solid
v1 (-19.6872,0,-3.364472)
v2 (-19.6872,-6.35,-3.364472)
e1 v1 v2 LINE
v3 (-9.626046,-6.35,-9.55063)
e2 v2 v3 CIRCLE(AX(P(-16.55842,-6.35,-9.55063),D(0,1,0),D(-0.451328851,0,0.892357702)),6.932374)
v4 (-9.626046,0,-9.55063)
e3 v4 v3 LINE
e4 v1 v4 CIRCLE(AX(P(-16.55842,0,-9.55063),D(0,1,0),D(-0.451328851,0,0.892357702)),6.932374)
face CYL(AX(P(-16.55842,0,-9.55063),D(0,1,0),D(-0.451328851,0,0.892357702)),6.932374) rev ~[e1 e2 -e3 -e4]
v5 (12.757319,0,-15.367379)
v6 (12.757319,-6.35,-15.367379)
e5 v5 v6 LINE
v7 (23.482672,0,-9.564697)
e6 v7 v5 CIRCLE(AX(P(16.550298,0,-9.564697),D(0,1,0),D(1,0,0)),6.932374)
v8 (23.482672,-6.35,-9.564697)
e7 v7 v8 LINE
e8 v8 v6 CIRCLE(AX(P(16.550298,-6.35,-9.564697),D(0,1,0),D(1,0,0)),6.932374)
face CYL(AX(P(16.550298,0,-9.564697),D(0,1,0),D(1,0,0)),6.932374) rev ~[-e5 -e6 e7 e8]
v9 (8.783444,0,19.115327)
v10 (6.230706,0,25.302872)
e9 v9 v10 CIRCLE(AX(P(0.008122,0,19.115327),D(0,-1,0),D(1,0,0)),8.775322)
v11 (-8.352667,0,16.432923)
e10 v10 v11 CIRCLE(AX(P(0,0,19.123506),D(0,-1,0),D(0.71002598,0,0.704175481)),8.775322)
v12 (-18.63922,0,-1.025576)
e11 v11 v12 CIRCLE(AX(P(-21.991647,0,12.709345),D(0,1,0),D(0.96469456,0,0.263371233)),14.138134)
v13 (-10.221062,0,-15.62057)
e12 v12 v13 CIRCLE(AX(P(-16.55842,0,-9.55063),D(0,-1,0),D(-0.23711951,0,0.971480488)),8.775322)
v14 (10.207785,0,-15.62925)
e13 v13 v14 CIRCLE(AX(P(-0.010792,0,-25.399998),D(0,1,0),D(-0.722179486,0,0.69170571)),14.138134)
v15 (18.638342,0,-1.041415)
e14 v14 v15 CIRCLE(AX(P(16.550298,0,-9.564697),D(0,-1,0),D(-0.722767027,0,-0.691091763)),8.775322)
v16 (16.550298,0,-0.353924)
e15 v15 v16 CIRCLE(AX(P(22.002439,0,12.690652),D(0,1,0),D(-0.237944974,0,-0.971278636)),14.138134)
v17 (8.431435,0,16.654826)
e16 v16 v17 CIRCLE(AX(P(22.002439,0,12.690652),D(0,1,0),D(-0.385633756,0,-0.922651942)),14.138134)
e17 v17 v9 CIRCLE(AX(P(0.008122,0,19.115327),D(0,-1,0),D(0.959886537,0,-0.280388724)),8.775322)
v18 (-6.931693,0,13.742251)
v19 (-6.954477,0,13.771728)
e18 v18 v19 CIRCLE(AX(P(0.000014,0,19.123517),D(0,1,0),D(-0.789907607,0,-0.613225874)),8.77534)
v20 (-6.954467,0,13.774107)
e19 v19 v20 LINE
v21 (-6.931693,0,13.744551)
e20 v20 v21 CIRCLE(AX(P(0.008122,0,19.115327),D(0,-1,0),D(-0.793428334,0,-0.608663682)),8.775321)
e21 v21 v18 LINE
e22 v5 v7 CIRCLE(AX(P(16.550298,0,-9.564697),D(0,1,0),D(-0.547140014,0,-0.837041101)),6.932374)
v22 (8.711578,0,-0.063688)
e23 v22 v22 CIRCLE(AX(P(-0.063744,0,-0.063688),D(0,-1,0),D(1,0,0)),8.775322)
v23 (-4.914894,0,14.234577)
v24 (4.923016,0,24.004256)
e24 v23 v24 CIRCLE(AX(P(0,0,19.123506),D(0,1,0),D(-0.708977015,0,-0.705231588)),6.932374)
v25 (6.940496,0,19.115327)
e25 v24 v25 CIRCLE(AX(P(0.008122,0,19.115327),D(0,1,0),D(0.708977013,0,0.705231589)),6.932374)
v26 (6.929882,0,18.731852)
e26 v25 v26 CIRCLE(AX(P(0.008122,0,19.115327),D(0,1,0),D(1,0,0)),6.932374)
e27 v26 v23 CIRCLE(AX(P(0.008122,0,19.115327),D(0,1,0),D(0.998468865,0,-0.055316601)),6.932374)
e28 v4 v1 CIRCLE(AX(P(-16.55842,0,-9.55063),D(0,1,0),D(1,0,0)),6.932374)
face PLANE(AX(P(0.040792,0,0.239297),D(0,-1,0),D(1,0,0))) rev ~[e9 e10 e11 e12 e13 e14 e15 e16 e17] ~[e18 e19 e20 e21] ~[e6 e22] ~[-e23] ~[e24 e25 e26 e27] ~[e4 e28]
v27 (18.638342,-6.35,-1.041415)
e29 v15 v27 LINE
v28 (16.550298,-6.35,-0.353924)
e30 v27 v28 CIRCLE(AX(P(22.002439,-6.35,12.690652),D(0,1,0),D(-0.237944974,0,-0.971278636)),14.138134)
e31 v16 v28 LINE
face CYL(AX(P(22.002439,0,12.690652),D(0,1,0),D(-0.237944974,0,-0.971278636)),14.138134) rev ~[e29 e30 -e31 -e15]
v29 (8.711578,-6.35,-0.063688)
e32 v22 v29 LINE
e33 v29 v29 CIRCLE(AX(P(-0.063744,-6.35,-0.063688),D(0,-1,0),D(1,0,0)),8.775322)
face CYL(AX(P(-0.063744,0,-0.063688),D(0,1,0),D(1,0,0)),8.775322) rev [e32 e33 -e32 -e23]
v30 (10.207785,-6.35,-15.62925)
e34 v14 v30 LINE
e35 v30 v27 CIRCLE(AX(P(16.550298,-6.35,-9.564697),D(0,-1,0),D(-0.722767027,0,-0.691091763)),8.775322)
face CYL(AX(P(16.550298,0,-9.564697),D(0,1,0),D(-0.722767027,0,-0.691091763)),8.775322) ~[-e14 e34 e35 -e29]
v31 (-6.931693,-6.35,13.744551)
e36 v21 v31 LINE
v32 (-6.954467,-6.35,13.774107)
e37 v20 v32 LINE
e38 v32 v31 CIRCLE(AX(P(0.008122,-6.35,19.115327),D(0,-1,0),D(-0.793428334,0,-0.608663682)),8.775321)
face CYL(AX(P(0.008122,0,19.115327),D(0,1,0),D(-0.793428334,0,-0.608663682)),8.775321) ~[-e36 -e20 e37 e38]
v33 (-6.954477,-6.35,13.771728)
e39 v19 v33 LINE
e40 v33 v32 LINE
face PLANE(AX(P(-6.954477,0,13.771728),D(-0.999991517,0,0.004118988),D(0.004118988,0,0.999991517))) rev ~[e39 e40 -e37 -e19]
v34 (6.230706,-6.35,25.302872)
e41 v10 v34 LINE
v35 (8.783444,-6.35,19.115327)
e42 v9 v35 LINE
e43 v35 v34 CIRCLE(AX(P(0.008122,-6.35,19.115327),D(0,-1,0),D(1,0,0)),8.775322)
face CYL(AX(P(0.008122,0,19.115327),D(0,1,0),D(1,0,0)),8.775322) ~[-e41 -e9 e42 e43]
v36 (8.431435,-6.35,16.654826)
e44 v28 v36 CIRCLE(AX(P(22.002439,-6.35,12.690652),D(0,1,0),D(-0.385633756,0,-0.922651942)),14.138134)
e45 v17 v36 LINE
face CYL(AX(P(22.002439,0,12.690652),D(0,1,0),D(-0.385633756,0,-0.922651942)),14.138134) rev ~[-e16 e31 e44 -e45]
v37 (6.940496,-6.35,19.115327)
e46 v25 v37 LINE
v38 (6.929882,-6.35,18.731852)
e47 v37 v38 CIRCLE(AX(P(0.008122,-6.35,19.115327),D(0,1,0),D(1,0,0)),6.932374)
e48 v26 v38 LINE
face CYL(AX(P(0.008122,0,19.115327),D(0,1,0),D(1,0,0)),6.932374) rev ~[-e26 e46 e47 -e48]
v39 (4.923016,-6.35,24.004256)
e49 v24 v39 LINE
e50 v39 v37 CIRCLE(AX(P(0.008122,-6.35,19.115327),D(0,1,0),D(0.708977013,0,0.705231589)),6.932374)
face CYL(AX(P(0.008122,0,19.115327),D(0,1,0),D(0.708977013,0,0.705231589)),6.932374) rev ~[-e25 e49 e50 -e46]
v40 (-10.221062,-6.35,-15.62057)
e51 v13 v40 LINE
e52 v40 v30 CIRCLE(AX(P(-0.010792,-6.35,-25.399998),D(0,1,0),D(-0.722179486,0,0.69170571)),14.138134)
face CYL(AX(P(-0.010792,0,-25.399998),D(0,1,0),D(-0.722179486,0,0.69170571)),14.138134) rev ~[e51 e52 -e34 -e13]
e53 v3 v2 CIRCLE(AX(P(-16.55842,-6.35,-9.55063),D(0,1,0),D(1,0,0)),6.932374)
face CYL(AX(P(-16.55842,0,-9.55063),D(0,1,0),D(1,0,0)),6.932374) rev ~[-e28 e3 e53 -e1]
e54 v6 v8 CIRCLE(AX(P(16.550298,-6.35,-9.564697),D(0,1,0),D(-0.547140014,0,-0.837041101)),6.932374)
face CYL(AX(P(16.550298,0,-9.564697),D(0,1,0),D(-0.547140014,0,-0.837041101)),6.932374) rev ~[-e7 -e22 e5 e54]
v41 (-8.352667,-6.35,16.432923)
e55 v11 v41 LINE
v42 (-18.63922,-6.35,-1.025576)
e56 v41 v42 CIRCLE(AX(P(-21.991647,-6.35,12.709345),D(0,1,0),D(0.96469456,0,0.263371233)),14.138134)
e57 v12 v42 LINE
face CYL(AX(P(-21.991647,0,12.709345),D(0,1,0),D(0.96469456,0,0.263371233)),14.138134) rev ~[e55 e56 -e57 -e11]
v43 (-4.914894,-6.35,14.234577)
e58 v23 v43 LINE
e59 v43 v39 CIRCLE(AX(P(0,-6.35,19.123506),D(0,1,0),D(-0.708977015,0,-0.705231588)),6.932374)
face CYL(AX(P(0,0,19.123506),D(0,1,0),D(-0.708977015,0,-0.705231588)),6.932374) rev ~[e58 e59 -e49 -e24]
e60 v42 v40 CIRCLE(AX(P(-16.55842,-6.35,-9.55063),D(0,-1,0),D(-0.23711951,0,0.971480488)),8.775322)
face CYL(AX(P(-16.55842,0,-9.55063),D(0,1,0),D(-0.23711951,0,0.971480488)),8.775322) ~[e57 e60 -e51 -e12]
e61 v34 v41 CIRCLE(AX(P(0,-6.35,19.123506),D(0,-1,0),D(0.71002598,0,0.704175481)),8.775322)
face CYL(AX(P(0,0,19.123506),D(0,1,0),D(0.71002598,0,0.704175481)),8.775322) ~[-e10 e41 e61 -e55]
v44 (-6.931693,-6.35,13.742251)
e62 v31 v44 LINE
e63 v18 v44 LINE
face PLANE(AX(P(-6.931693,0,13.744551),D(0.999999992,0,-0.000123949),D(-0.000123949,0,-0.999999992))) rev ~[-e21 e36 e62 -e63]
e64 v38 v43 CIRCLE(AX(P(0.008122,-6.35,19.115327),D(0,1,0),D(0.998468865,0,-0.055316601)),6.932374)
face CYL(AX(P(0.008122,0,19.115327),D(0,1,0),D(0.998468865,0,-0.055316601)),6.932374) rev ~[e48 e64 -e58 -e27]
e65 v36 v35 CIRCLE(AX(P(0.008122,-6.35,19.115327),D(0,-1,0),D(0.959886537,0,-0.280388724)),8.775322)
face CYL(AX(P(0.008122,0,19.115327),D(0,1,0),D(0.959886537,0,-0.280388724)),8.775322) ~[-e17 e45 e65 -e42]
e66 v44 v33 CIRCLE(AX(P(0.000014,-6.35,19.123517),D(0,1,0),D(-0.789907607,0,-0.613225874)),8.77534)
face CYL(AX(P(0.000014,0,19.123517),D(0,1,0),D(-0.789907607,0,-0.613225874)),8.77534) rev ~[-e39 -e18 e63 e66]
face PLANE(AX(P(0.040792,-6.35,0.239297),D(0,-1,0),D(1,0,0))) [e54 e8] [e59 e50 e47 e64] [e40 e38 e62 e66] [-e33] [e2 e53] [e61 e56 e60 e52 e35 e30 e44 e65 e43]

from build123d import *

# Parameters (mm, degrees)
F0_R     = 8.7753218572
F1_DEPTH = 6.35


with BuildPart() as f1:
    # F0 (on Front) → F1 (new body)
    with BuildSketch(Plane.XZ):
        with BuildLine():
            Line((8.7834438126, 19.115327031), (8.7753180449, 19.115327031))
            ThreePointArc((8.7753180449, 19.115327031), (8.1158254027, 22.4611173931), (6.2307064983, 25.3028722046))
            ThreePointArc((6.2307064983, 25.3028722046), (-4.4505028044, 26.673563518), (-8.4172791945, 16.6619846257))
            ThreePointArc((-8.4172791945, 16.6619846257), (-8.3844908458, 16.547589737), (-8.3526665154, 16.4329229223))
            ThreePointArc((-8.3526665154, 16.4329229223), (-9.8106463605, 5.532295474), (-18.6392198096, -1.0255757391))
            ThreePointArc((-18.6392198096, -1.0255757391), (-24.1599350394, -13.9350611847), (-10.2210623661, -15.6205699261))
            ThreePointArc((-10.2210623661, -15.6205699261), (-0.0047850834, -11.2618653325), (10.2077845484, -15.6292499923))
            ThreePointArc((10.2077845484, -15.6292499923), (24.148084509, -13.9555869055), (18.6383415606, -1.0414146996))
            ThreePointArc((18.6383415606, -1.0414146996), (17.5809373703, -0.7383140879), (16.5502978295, -0.3539240006))
            ThreePointArc((16.5502978295, -0.3539240006), (9.2433481318, 6.600298379), (8.4314352612, 16.6548257314))
            ThreePointArc((8.4314352612, 16.6548257314), (8.6949959346, 17.8725502343), (8.7834438126, 19.115327031))
        make_face()
        with BuildLine():
            ThreePointArc((-19.6872001667, -3.3644723848), (-12.9274465593, -3.6452218097), (-9.6260458218, -9.5506296907))
            ThreePointArc((-9.6260458218, -9.5506296907), (-20.189393023, -15.4560375718), (-19.6872001667, -3.3644723848))
        make_face(mode=Mode.SUBTRACT)
        with Locations((-0.0637440243, -0.0636884644)):
            Circle(F0_R, mode=Mode.SUBTRACT)
        with BuildLine():
            ThreePointArc((12.7573186389, -15.3673792813), (13.2515512011, -3.4674783406), (23.4826717993, -9.5646973403))
            ThreePointArc((23.4826717993, -9.5646973403), (19.8490444587, -15.6619163401), (12.7573186389, -15.3673792813))
        make_face(mode=Mode.SUBTRACT)
        with BuildLine():
            Line((-6.9544768432, 13.7717279244), (-6.9544670424, 13.7741073238))
            ThreePointArc((-6.9544670424, 13.7741073238), (-6.943095823, 13.7593168639), (-6.9316931846, 13.7445506127))
            Line((-6.9316931846, 13.7445506127), (-6.9316934696, 13.7422512771))
            ThreePointArc((-6.9316934696, 13.7422512771), (-6.9431007991, 13.75697751), (-6.9544768432, 13.7717279244))
        make_face(mode=Mode.SUBTRACT)
        with BuildLine():
            ThreePointArc((6.9298815278, 18.7318516666), (2.4688362723, 12.6343784947), (-4.9148938035, 14.2345766142))
            ThreePointArc((-4.9148938035, 14.2345766142), (-4.884841452, 24.0424621937), (4.9230157544, 24.0042561422))
            ThreePointArc((4.9230157544, 24.0042561422), (6.4163077672, 21.7597482397), (6.9404959307, 19.115327031))
            ThreePointArc((6.9404959307, 19.115327031), (6.9378418219, 18.9235159126), (6.9298815278, 18.7318516666))
        make_face(mode=Mode.SUBTRACT)
        with BuildLine():
            ThreePointArc((6.2307064983, 25.3028722046), (8.1158254027, 22.4611173931), (8.7753180449, 19.115327031))
            Line((8.7753180449, 19.115327031), (8.7834438126, 19.115327031))
            ThreePointArc((8.7834438126, 19.115327031), (8.1201949286, 22.4620486758), (6.2307064983, 25.3028722046))
        make_face()
        with BuildLine():
            ThreePointArc((-8.4172791945, 16.6619846257), (-4.4505028044, 26.673563518), (6.2307064983, 25.3028722046))
            ThreePointArc((6.2307064983, 25.3028722046), (-4.5601182711, 26.6209449467), (-8.3526665154, 16.4329229223))
            ThreePointArc((-8.3526665154, 16.4329229223), (-8.3844908458, 16.547589737), (-8.4172791945, 16.6619846257))
        make_face()
    extrude(amount=F1_DEPTH)


solid = f1.part
